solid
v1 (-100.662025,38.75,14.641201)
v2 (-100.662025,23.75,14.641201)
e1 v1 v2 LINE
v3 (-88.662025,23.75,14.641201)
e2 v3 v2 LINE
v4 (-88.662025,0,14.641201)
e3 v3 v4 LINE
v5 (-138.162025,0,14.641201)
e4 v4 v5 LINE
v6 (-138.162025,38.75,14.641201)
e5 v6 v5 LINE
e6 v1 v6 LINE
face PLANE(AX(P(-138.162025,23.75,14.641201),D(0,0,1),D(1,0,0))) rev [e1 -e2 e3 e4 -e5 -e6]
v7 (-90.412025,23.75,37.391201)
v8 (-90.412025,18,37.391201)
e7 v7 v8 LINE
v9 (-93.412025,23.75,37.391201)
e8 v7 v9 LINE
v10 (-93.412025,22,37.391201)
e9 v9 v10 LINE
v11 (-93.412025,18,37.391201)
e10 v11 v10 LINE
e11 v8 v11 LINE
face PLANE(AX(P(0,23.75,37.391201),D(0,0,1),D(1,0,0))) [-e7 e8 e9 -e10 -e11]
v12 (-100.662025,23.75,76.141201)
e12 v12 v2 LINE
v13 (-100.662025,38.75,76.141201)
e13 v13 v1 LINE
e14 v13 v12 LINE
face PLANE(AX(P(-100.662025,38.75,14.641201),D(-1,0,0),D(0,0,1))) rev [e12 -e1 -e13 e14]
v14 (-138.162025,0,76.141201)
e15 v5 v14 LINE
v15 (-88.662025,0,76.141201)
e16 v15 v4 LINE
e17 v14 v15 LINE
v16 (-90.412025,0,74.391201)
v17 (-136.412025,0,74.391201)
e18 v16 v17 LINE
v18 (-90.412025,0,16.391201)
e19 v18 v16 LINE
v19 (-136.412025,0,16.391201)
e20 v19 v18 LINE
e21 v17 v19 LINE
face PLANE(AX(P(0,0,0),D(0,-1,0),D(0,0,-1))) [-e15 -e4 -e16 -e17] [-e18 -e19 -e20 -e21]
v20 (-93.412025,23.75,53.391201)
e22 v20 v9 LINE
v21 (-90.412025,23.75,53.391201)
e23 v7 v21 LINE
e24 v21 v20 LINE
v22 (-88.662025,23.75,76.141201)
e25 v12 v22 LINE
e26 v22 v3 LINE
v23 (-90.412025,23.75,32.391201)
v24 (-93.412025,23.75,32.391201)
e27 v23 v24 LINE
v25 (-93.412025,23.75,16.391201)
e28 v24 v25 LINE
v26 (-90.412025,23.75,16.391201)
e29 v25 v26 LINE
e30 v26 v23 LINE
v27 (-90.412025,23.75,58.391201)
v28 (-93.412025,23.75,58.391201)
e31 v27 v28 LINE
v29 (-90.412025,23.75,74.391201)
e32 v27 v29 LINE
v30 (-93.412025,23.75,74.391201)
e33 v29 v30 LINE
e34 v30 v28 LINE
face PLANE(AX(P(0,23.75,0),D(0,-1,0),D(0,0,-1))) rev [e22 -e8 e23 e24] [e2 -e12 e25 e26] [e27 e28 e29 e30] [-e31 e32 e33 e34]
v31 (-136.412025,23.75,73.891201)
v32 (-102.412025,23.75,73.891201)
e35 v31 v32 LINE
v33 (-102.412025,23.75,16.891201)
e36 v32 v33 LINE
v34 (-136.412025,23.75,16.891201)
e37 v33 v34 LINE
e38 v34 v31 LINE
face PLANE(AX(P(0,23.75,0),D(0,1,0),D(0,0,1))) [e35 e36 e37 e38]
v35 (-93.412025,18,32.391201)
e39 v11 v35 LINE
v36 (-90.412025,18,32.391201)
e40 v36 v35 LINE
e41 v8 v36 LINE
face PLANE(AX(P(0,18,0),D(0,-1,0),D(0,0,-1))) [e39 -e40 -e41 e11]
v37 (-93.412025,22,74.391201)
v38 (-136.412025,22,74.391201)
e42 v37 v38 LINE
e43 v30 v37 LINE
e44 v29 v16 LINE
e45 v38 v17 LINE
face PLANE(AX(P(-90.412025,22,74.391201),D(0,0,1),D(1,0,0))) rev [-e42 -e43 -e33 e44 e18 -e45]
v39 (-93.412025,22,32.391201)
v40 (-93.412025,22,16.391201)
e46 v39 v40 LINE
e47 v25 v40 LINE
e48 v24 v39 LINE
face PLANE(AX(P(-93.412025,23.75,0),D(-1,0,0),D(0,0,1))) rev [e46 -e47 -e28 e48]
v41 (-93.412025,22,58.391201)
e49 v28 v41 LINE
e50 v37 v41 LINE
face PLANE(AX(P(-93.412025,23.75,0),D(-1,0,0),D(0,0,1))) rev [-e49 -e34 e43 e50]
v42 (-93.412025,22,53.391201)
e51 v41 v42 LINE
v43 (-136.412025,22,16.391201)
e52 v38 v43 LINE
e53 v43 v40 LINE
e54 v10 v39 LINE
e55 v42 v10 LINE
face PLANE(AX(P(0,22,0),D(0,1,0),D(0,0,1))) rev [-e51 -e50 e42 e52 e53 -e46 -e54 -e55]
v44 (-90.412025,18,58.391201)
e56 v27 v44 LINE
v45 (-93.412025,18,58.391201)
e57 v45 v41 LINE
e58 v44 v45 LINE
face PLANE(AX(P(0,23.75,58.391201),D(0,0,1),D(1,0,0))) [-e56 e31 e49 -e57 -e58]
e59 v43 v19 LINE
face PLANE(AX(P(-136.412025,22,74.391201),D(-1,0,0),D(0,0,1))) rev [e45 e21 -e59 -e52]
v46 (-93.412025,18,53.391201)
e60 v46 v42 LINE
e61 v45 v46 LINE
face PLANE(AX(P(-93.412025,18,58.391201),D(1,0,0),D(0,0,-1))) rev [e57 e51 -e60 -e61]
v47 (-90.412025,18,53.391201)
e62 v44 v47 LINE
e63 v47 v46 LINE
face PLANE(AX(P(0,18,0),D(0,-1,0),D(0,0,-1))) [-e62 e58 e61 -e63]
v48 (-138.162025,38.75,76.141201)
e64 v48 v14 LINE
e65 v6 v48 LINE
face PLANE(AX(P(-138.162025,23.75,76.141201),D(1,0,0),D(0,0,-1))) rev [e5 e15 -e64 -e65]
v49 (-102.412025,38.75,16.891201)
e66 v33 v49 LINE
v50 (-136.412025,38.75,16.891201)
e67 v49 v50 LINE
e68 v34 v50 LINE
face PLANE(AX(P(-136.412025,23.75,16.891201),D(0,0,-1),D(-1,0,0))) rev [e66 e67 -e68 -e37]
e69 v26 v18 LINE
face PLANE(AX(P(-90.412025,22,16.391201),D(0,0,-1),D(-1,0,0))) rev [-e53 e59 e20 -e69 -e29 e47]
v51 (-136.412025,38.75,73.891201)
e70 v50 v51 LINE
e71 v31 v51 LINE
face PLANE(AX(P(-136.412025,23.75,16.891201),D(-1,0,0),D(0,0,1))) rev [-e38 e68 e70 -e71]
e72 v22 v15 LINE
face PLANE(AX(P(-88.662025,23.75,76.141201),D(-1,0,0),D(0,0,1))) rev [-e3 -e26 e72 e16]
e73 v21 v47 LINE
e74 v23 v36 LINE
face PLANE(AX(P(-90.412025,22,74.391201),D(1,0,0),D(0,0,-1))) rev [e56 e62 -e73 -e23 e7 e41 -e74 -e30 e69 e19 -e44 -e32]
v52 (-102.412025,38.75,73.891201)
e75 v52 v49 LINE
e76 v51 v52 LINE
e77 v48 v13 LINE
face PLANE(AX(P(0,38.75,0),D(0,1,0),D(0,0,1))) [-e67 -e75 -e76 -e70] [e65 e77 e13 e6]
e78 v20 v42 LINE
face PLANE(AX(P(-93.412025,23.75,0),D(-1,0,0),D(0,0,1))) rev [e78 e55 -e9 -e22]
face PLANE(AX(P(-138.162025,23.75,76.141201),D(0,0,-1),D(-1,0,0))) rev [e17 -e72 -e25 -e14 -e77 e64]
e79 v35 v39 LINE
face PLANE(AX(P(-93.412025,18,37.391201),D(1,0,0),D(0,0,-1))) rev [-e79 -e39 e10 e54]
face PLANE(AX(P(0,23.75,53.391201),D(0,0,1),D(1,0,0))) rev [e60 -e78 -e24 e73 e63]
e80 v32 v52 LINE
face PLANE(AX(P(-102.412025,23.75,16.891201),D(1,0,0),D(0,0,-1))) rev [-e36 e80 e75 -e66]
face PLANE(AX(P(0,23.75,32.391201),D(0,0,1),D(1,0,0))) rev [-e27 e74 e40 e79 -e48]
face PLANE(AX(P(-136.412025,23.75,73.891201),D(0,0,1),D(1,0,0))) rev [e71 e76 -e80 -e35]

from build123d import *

# Parameters (mm, degrees)
SKETCH1_W           = 49.5
SKETCH1_H           = 61.5
BOSS_EXTRUDE1_DEPTH = 23.75
SKETCH2_W           = 46
SKETCH2_H           = 58
CUT_EXTRUDE1_DEPTH  = 22
SKETCH3_W           = 3
SKETCH3_H           = 16
CUT_EXTRUDE2_DEPTH  = 1.75
SKETCH7_W           = 3
SKETCH7_H           = 5
BOSS_EXTRUDE2_DEPTH = 4
SKETCH11_W          = 37.5
SKETCH11_H          = 61.5
BOSS_EXTRUDE3_DEPTH = 15
SKETCH12_W          = 34
SKETCH12_H          = 57
CUT_EXTRUDE3_DEPTH  = 15


with BuildPart() as part:
    # Sketch1 → Boss-Extrude1 (new body)
    with BuildSketch(Plane(origin=(0, 0, 0), x_dir=(1, 0, 0), z_dir=(0, 1, 0))):
        with Locations((-113.412024913, -45.391200727)):
            Rectangle(SKETCH1_W, SKETCH1_H)
    extrude(amount=BOSS_EXTRUDE1_DEPTH)

    # Sketch2 → Cut-Extrude1 (cut)
    with BuildSketch(Plane(origin=(0, 0, 0), x_dir=(-1, 0, 0), z_dir=(0, -1, 0))):
        with Locations((113.412024913, -45.391200727)):
            Rectangle(SKETCH2_W, SKETCH2_H)
    extrude(amount=-CUT_EXTRUDE1_DEPTH, mode=Mode.SUBTRACT)

    # Sketch3 → Cut-Extrude2 (cut)
    with BuildSketch(Plane(origin=(0, 22, 0), x_dir=(-1, 0, 0), z_dir=(0, -1, 0))):
        with Locations((91.912024913, -66.391200727)):
            Rectangle(SKETCH3_W, SKETCH3_H)
        with Locations((91.912024913, -24.391200727)):
            Rectangle(SKETCH3_W, SKETCH3_H)
        with Locations((91.912024913, -45.391200727)):
            Rectangle(SKETCH3_W, SKETCH3_H)
    extrude(amount=-CUT_EXTRUDE2_DEPTH, mode=Mode.SUBTRACT)

    # Sketch7 → Boss-Extrude2 (add)
    with BuildSketch(Plane(origin=(0, 22, 0), x_dir=(-1, 0, 0), z_dir=(0, -1, 0))):
        with Locations((91.912024913, -55.891200727)):
            Rectangle(SKETCH7_W, SKETCH7_H)
        with Locations((91.912024913, -34.891200727)):
            Rectangle(SKETCH7_W, SKETCH7_H)
    extrude(amount=BOSS_EXTRUDE2_DEPTH)

    # Sketch11 → Boss-Extrude3 (add)
    with BuildSketch(Plane(origin=(0, 23.75, 0), x_dir=(1, 0, 0), z_dir=(0, 1, 0))):
        with Locations((-119.412024913, -45.391200727)):
            Rectangle(SKETCH11_W, SKETCH11_H)
    extrude(amount=BOSS_EXTRUDE3_DEPTH)

    # Sketch12 → Cut-Extrude3 (cut)
    with BuildSketch(Plane(origin=(0, 38.75, 0), x_dir=(1, 0, 0), z_dir=(0, 1, 0))):
        with Locations((-119.412024913, -45.391200727)):
            Rectangle(SKETCH12_W, SKETCH12_H)
    extrude(amount=-CUT_EXTRUDE3_DEPTH, mode=Mode.SUBTRACT)


solid = part.part
